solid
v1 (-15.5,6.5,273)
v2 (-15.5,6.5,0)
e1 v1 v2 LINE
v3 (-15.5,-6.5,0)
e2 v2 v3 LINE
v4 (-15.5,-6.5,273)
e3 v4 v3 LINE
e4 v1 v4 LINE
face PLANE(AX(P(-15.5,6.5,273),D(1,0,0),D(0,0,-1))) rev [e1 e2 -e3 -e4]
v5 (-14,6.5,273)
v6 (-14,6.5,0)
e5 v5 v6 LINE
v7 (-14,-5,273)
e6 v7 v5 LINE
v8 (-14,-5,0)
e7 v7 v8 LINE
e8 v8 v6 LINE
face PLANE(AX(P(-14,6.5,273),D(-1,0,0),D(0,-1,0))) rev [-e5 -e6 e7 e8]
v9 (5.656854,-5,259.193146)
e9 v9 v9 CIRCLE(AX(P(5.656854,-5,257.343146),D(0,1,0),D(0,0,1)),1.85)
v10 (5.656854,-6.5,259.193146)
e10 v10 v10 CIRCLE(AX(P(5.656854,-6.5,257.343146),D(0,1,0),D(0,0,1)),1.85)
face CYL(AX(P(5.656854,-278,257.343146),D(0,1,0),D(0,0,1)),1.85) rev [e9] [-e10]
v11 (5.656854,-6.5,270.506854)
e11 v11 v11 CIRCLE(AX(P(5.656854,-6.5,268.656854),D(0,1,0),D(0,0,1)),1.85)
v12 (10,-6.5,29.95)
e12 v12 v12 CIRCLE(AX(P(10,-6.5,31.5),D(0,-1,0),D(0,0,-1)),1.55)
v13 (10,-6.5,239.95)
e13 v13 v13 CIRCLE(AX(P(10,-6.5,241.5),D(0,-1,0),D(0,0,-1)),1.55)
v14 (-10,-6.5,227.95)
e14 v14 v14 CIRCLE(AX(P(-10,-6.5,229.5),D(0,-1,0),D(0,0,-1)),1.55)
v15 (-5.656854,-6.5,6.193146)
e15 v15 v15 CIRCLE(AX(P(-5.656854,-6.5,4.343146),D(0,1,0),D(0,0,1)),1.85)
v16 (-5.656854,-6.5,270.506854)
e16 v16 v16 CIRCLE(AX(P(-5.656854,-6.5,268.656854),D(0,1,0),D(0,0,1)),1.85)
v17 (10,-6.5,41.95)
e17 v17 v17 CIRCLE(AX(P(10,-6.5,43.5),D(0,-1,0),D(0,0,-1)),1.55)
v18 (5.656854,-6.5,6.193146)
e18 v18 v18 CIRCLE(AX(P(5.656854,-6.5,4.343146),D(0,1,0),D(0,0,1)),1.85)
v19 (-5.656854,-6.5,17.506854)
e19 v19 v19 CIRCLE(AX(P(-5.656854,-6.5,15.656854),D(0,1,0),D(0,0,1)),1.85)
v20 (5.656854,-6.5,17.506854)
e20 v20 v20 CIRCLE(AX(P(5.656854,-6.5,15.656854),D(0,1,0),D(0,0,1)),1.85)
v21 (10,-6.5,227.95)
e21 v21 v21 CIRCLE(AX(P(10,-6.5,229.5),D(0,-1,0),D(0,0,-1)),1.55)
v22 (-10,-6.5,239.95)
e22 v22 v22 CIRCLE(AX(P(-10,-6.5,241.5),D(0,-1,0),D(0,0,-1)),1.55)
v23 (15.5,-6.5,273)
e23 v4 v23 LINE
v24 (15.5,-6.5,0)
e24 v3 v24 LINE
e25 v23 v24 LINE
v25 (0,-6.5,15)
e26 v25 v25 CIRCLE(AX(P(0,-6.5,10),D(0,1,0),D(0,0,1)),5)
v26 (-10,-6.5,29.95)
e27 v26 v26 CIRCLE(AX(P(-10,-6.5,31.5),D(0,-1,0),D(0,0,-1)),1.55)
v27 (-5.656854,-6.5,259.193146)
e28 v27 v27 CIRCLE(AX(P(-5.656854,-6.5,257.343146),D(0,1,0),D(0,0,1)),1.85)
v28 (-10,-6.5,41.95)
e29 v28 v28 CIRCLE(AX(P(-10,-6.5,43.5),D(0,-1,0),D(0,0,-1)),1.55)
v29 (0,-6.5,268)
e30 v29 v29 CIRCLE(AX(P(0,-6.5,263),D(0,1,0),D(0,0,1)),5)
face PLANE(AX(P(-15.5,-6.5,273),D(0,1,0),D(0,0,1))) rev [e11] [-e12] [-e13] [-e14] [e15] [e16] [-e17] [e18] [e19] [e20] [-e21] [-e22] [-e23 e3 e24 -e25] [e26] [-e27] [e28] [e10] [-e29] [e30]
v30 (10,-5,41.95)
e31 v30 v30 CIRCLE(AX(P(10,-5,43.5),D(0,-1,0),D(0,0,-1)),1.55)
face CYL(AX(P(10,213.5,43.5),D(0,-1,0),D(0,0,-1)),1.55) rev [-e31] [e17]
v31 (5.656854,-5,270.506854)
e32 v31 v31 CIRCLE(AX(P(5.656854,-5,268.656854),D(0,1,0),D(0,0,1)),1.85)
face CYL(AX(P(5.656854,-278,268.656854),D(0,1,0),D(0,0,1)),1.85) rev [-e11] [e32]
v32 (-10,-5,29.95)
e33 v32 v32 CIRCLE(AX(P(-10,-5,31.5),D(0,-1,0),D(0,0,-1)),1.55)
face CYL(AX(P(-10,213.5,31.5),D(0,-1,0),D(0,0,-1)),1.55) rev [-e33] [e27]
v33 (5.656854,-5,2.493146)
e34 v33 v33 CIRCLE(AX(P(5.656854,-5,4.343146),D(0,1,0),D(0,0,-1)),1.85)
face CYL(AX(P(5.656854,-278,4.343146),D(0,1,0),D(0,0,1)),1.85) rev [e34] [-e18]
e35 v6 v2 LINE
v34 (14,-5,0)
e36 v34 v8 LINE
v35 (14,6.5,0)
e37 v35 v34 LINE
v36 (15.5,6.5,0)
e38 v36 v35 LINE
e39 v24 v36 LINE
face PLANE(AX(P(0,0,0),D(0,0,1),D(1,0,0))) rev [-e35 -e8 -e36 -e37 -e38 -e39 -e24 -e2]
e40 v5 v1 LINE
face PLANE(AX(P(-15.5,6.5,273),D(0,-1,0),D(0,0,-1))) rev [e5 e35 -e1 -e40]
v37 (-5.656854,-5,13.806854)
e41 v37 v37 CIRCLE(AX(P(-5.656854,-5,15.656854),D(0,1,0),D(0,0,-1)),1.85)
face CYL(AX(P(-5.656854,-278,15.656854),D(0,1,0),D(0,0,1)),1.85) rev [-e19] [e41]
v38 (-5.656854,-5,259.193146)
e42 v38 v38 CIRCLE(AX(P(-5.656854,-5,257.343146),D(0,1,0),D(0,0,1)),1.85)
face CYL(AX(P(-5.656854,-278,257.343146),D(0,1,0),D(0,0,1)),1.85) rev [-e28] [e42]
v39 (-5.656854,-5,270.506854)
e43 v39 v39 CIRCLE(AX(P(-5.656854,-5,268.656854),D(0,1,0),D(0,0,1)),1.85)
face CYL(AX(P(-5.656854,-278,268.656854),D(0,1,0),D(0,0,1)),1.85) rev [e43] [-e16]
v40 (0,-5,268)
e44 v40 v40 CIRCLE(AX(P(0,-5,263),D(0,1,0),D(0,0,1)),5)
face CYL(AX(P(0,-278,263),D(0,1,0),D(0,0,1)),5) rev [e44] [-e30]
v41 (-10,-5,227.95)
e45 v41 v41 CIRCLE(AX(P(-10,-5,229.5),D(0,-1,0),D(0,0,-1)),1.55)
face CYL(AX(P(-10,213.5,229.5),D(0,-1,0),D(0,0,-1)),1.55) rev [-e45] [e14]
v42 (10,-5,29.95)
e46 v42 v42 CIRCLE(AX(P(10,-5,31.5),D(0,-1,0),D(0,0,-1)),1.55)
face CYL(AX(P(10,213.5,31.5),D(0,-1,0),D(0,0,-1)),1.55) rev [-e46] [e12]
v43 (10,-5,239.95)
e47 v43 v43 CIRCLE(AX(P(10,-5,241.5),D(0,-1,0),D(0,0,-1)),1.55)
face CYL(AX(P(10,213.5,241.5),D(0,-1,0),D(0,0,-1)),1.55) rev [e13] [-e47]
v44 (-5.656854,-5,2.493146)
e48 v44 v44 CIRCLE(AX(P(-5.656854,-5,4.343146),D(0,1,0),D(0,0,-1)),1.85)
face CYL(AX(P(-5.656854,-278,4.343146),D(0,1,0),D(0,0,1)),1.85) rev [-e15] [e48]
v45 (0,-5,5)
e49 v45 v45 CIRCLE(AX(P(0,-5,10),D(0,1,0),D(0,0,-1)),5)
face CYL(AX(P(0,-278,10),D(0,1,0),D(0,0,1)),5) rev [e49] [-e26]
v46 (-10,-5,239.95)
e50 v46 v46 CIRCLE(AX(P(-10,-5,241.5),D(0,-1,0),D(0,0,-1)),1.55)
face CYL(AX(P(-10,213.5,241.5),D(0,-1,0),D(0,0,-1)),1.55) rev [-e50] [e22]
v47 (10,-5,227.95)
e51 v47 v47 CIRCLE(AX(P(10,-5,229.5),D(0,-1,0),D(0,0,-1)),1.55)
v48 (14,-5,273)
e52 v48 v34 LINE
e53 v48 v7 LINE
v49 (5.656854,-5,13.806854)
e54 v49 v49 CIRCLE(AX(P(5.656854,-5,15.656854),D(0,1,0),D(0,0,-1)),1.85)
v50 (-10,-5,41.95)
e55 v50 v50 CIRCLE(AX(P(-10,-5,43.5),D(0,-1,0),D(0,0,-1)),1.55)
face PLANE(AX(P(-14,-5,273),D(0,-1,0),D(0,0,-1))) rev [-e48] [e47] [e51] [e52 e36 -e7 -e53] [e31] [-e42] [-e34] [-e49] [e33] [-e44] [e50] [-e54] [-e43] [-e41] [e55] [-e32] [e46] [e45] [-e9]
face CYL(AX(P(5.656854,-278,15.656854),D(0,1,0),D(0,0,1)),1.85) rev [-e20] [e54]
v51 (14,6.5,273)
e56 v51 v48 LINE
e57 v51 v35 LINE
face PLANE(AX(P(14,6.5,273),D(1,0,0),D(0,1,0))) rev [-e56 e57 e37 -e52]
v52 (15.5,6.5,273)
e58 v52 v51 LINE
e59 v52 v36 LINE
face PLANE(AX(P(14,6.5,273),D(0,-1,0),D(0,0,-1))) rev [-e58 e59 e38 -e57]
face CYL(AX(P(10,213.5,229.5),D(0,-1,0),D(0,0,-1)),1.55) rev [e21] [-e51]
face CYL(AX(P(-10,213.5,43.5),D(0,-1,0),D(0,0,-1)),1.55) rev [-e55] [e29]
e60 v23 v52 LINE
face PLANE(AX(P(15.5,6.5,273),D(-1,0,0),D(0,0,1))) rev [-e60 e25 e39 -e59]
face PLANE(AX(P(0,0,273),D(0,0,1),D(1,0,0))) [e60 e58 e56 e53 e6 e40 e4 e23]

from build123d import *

# Parameters (mm, degrees)
BOSS_EXTRUDE1_DEPTH = 273
SKETCH3_R           = 1.85
SKETCH3_R_2         = 5
CUT_EXTRUDE1_DEPTH  = 273
SKETCH5_R           = 1.55
CUT_EXTRUDE2_DEPTH  = 220


with BuildPart() as part:
    # Sketch1 → Boss-Extrude1 (new body)
    with BuildSketch(Plane.XY):
        Polygon((14, 6.5), (15.5, 6.5), (15.5, -6.5), (-15.5, -6.5), (-15.5, 6.5), (-14, 6.5), (-14, -5), (14, -5), align=None)
    extrude(amount=BOSS_EXTRUDE1_DEPTH)

    # Sketch3 → Cut-Extrude1 (cut)
    with BuildSketch(Plane(origin=(0, -5, 0), x_dir=(1, 0, 0), z_dir=(0, 1, 0))):
        with Locations(Location((-5.656854249, -4.343145751, 0), (0, 0, 270))):
            Circle(SKETCH3_R)
        with Locations(Location((0, -263, 0), (0, 0, 270))):
            Circle(SKETCH3_R_2)
        with Locations(Location((-5.656854249, -257.343145751, 0), (0, 0, 270))):
            Circle(SKETCH3_R)
        with Locations(Location((5.656854249, -257.343145751, 0), (0, 0, 270))):
            Circle(SKETCH3_R)
        with Locations(Location((5.656854249, -268.656854249, 0), (0, 0, 270))):
            Circle(SKETCH3_R)
        with Locations(Location((-5.656854249, -268.656854249, 0), (0, 0, 270))):
            Circle(SKETCH3_R)
        with Locations(Location((5.656854249, -4.343145751, 0), (0, 0, 270))):
            Circle(SKETCH3_R)
        with Locations(Location((5.656854249, -15.656854249, 0), (0, 0, 270))):
            Circle(SKETCH3_R)
        with Locations(Location((-5.656854249, -15.656854249, 0), (0, 0, 270))):
            Circle(SKETCH3_R)
        with Locations(Location((0, -10, 0), (0, 0, 270))):
            Circle(SKETCH3_R_2)
    extrude(amount=-CUT_EXTRUDE1_DEPTH, mode=Mode.SUBTRACT)

    # Sketch5 → Cut-Extrude2 (cut)
    with BuildSketch(Plane.XZ.offset(6.5)):
        with Locations(Location((-10, 229.5, 0), (0, 0, 270))):
            Circle(SKETCH5_R)
        with Locations(Location((-10, 241.5, 0), (0, 0, 270))):
            Circle(SKETCH5_R)
        with Locations(Location((10, 229.5, 0), (0, 0, 270))):
            Circle(SKETCH5_R)
        with Locations(Location((10, 241.5, 0), (0, 0, 270))):
            Circle(SKETCH5_R)
        with Locations(Location((10, 31.5, 0), (0, 0, 270))):
            Circle(SKETCH5_R)
        with Locations(Location((10, 43.5, 0), (0, 0, 270))):
            Circle(SKETCH5_R)
        with Locations(Location((-10, 31.5, 0), (0, 0, 270))):
            Circle(SKETCH5_R)
        with Locations(Location((-10, 43.5, 0), (0, 0, 270))):
            Circle(SKETCH5_R)
    extrude(amount=-CUT_EXTRUDE2_DEPTH, mode=Mode.SUBTRACT)


solid = part.part
